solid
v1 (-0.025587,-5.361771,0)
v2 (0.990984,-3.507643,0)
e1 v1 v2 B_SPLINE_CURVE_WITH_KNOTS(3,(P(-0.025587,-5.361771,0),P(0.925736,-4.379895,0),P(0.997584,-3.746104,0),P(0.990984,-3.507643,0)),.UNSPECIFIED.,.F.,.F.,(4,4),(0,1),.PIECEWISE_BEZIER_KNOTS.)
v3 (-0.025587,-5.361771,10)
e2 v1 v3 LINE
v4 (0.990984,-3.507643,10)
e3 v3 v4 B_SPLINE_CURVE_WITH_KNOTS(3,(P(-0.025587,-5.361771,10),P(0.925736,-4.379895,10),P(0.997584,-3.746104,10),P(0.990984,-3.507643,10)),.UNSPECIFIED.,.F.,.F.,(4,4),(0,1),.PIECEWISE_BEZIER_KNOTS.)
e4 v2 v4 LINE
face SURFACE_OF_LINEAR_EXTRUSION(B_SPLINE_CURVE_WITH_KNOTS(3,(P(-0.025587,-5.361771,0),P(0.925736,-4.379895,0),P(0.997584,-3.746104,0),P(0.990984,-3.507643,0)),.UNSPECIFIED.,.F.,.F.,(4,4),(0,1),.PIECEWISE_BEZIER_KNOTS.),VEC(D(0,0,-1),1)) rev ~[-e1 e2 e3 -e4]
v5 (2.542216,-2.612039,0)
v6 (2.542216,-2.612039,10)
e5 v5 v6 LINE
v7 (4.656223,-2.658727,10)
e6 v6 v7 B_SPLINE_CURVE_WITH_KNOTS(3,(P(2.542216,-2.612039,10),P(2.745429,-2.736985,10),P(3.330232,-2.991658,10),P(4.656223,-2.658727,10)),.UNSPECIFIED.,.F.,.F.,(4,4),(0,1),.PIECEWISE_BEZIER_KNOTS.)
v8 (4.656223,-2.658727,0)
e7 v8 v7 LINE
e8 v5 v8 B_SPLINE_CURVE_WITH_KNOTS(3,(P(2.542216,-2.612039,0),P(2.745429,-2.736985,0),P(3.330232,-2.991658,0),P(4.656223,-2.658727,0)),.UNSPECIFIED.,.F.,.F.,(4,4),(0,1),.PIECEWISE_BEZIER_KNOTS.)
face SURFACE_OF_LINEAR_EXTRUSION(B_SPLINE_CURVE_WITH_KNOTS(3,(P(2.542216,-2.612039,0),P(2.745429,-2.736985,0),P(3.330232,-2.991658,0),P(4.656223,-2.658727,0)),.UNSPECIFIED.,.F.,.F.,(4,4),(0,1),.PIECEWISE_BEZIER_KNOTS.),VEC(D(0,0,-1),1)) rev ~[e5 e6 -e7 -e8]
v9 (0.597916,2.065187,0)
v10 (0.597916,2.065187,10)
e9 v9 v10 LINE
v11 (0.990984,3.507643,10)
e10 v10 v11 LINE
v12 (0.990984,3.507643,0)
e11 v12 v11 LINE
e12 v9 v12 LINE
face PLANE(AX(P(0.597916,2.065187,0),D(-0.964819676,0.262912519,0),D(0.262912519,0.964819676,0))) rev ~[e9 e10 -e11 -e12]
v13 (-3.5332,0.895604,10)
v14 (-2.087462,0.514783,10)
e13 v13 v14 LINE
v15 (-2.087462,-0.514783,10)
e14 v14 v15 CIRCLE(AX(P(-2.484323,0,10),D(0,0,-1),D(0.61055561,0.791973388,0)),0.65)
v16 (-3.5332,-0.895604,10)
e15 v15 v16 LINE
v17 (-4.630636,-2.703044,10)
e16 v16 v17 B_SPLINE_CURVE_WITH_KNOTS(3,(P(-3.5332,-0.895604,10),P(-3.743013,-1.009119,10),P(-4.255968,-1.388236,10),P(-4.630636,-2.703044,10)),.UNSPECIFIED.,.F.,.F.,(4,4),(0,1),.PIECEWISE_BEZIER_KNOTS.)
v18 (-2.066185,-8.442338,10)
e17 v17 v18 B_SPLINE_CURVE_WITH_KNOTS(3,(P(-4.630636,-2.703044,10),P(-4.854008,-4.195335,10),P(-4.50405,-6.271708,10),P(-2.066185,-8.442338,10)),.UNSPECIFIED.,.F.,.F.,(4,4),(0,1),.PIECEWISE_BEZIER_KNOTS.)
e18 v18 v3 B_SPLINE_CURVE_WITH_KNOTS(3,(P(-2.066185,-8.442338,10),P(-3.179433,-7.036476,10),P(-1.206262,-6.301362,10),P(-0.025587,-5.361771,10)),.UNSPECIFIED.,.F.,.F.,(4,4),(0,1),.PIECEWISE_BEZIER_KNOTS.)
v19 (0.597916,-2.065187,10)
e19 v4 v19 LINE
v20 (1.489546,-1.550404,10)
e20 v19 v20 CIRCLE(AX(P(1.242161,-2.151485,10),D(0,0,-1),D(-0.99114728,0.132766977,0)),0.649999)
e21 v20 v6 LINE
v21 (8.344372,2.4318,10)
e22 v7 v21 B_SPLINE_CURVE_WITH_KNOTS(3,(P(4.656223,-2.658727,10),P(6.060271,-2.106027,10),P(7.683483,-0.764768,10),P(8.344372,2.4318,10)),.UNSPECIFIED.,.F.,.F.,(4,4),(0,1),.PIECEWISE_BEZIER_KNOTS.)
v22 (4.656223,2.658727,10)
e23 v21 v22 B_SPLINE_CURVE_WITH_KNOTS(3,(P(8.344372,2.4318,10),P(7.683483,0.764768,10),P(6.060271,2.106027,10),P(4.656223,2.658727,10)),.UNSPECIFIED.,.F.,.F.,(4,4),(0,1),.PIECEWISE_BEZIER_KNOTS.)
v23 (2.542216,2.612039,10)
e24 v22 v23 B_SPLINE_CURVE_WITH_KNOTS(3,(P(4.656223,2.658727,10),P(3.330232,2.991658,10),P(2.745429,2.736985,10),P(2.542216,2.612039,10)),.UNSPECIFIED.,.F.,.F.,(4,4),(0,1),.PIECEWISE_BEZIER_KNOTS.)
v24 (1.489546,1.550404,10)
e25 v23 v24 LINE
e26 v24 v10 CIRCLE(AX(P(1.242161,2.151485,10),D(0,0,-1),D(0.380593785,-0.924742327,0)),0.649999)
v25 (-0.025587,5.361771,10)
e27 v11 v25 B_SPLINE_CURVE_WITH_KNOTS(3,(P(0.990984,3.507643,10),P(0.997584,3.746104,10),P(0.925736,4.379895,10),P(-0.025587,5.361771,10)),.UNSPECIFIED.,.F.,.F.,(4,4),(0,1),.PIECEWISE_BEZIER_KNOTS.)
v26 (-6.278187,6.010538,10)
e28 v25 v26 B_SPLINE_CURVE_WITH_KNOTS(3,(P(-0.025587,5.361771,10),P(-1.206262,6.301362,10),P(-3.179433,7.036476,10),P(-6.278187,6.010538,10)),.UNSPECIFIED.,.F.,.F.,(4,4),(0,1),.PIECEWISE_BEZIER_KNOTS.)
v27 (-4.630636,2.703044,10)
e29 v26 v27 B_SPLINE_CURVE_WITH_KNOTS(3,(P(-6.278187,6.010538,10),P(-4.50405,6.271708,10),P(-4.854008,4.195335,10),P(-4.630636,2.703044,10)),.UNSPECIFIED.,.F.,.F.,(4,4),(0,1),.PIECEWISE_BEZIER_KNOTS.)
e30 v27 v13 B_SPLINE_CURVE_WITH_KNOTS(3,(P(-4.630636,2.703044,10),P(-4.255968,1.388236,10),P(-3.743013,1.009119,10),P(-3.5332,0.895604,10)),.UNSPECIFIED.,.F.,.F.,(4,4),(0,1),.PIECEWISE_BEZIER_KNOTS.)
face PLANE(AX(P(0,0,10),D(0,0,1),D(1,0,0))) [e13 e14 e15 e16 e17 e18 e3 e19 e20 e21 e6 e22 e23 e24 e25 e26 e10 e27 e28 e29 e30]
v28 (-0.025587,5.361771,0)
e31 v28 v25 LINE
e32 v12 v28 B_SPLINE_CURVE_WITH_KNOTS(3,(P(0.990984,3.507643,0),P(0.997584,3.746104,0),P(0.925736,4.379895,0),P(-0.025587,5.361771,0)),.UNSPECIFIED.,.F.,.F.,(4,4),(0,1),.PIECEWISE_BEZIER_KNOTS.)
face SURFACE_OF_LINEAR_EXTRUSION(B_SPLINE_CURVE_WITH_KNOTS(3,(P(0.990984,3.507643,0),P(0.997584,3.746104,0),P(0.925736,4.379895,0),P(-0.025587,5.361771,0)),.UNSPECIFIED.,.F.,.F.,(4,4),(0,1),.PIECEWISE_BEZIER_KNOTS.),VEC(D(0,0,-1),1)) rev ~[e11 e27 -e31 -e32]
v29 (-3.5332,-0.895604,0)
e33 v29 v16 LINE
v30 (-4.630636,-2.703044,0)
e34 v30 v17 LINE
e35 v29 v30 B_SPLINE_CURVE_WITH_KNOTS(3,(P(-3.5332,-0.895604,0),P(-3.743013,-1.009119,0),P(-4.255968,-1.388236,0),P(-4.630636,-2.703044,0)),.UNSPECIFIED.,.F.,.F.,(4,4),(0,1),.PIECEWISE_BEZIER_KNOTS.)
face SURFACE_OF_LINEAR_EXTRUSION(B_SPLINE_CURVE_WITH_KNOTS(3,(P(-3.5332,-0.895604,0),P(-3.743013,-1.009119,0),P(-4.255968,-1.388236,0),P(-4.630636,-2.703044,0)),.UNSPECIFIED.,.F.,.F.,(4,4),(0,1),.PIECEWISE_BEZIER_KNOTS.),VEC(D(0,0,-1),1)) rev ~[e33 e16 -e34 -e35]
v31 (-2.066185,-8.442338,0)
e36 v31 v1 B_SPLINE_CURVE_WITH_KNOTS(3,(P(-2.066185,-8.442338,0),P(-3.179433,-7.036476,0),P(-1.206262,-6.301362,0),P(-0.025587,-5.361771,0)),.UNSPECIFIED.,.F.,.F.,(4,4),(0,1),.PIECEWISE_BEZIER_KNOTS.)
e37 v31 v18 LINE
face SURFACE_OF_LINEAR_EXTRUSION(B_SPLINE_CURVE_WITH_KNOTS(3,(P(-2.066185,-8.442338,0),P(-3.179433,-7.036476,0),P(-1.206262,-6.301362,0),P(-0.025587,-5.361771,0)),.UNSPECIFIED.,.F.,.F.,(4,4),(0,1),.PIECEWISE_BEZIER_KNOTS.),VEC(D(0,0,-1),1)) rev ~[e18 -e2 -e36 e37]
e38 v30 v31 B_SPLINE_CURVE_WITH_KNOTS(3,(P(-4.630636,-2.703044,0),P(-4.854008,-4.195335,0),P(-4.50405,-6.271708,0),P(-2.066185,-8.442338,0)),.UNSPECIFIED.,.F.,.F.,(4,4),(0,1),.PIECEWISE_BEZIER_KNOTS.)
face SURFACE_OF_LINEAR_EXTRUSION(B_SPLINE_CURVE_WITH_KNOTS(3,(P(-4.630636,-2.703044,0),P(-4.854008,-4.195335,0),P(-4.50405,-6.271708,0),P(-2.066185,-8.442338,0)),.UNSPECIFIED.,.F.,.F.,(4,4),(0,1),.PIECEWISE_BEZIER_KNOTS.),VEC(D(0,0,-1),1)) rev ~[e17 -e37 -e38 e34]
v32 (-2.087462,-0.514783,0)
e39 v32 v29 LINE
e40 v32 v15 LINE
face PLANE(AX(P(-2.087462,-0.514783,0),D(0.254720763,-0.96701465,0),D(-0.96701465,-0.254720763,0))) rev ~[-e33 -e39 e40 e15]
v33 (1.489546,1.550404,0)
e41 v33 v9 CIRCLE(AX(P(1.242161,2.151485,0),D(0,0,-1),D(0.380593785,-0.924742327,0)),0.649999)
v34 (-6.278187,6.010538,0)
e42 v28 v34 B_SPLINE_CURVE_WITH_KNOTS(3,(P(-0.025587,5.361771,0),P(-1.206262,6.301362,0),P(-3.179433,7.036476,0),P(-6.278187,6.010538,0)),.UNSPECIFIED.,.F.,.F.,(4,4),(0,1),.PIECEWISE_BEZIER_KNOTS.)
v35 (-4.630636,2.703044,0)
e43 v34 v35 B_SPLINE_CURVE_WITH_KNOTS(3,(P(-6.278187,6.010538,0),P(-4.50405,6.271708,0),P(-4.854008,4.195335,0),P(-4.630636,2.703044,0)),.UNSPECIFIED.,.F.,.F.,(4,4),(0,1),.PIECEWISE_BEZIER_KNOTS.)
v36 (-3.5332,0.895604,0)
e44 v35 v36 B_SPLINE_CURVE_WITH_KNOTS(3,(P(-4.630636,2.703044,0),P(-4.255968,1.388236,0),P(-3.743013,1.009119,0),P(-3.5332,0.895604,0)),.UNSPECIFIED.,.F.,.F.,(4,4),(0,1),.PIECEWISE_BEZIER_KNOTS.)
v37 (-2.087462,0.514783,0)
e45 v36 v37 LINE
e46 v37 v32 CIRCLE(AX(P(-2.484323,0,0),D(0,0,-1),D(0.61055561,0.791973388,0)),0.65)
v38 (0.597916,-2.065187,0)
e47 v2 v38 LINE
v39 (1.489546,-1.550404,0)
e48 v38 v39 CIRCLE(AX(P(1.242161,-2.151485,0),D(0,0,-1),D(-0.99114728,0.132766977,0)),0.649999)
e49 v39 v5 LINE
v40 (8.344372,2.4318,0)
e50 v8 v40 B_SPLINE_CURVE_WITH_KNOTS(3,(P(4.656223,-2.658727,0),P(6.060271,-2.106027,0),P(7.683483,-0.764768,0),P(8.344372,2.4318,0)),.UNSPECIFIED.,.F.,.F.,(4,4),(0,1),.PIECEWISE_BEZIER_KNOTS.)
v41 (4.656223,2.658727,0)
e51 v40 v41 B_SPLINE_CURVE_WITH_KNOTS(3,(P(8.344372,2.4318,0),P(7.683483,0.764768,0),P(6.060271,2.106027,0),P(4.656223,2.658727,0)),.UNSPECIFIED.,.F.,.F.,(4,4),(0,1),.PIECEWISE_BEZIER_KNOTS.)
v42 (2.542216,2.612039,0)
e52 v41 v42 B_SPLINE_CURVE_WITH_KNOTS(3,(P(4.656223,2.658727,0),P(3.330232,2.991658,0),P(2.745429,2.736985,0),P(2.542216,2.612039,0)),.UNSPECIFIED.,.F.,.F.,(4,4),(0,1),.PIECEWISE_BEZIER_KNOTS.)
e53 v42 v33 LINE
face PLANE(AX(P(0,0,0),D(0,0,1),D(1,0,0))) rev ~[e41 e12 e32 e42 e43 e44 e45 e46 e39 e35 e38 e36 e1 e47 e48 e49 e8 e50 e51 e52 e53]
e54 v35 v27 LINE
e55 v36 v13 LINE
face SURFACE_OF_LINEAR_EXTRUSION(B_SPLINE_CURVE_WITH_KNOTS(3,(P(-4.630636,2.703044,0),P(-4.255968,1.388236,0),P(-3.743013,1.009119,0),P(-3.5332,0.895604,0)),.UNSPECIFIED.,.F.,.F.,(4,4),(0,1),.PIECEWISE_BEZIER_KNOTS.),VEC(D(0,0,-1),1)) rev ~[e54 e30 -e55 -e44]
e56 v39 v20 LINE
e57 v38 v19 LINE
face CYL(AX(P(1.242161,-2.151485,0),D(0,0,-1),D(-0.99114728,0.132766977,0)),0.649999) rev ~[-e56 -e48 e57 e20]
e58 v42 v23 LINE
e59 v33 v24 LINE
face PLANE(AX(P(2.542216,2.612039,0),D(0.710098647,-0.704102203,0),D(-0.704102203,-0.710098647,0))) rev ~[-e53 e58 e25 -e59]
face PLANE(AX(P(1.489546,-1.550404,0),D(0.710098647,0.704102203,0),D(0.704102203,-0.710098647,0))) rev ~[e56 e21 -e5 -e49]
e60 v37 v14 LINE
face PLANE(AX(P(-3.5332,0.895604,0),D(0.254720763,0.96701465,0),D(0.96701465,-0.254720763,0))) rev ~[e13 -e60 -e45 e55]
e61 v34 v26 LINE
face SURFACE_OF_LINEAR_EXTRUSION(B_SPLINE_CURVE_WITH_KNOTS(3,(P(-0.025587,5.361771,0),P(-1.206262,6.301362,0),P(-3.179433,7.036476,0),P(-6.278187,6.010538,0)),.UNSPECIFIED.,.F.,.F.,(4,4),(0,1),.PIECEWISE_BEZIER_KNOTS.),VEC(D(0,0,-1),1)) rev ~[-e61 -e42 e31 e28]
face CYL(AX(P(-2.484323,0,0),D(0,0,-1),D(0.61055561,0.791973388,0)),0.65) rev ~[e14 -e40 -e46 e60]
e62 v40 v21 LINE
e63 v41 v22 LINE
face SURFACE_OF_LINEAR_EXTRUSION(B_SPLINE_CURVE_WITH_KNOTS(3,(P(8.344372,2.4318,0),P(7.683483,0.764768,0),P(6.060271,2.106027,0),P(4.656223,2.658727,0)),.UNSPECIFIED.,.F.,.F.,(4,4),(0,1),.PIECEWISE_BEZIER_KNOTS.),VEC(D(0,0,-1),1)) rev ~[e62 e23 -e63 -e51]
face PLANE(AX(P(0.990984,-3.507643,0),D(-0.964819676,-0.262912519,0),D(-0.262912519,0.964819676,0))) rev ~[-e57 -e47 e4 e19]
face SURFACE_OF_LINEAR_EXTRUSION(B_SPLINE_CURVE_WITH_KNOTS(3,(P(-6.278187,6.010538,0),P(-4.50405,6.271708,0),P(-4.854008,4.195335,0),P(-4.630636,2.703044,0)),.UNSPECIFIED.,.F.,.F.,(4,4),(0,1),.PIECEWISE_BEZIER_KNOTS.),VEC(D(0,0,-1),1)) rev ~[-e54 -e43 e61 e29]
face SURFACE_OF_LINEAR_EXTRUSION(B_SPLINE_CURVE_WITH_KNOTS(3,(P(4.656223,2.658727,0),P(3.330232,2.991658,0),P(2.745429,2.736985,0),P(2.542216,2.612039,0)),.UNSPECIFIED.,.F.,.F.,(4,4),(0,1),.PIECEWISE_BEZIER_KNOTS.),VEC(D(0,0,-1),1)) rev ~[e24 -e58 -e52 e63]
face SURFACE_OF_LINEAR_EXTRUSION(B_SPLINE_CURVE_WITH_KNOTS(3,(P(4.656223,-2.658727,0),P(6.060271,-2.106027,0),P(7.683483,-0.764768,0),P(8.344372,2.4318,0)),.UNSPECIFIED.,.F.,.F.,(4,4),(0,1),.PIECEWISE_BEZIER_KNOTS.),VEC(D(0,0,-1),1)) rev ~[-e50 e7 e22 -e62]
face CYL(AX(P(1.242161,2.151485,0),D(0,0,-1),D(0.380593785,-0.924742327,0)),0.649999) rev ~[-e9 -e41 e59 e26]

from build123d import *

# Parameters (mm, degrees)
PAD_DEPTH = 10


with BuildPart() as part:
    # InvoluteGear → Pad (new body)
    with BuildSketch(Plane.XY):
        with BuildLine():
            Line((1.489546, -1.550404), (2.542216, -2.612039))
            add(Edge.make_bspline(
                [(2.542216, -2.612039), (2.745429, -2.736985), (3.330232, -2.991658), (4.656223, -2.658727)],
                knots=[0, 0, 0, 0, 1, 1, 1, 1], degree=3))
            add(Edge.make_bspline(
                [(4.656223, -2.658727), (6.060271, -2.106027), (7.683483, -0.764768), (8.344372, 2.4318)],
                knots=[0, 0, 0, 0, 1, 1, 1, 1], degree=3))
            add(Edge.make_bspline(
                [(8.344372, 2.4318), (7.683483, 0.764768), (6.060271, 2.106027), (4.656223, 2.658727)],
                knots=[0, 0, 0, 0, 1, 1, 1, 1], degree=3))
            add(Edge.make_bspline(
                [(4.656223, 2.658727), (3.330232, 2.991658), (2.745429, 2.736985), (2.542216, 2.612039)],
                knots=[0, 0, 0, 0, 1, 1, 1, 1], degree=3))
            Line((2.542216, 2.612039), (1.489546, 1.550404))
            ThreePointArc((1.489546, 1.550404), (0.917161, 1.58857), (0.597916, 2.065187))
            Line((0.597916, 2.065187), (0.990984, 3.507643))
            add(Edge.make_bspline(
                [(0.990984, 3.507643), (0.997584, 3.746104), (0.925736, 4.379895), (-0.025587, 5.361771)],
                knots=[0, 0, 0, 0, 1, 1, 1, 1], degree=3))
            add(Edge.make_bspline(
                [(-0.025587, 5.361771), (-1.206262, 6.301362), (-3.179433, 7.036476), (-6.278187, 6.010538)],
                knots=[0, 0, 0, 0, 1, 1, 1, 1], degree=3))
            add(Edge.make_bspline(
                [(-6.278187, 6.010538), (-4.50405, 6.271708), (-4.854008, 4.195335), (-4.630636, 2.703044)],
                knots=[0, 0, 0, 0, 1, 1, 1, 1], degree=3))
            add(Edge.make_bspline(
                [(-4.630636, 2.703044), (-4.255968, 1.388236), (-3.743013, 1.009119), (-3.5332, 0.895604)],
                knots=[0, 0, 0, 0, 1, 1, 1, 1], degree=3))
            Line((-3.5332, 0.895604), (-2.087462, 0.514783))
            ThreePointArc((-2.087462, 0.514783), (-1.834323, 0), (-2.087462, -0.514783))
            Line((-2.087462, -0.514783), (-3.5332, -0.895604))
            add(Edge.make_bspline(
                [(-3.5332, -0.895604), (-3.743013, -1.009119), (-4.255968, -1.388236), (-4.630636, -2.703044)],
                knots=[0, 0, 0, 0, 1, 1, 1, 1], degree=3))
            add(Edge.make_bspline(
                [(-4.630636, -2.703044), (-4.854008, -4.195335), (-4.50405, -6.271708), (-2.066185, -8.442338)],
                knots=[0, 0, 0, 0, 1, 1, 1, 1], degree=3))
            add(Edge.make_bspline(
                [(-2.066185, -8.442338), (-3.179433, -7.036476), (-1.206262, -6.301362), (-0.025587, -5.361771)],
                knots=[0, 0, 0, 0, 1, 1, 1, 1], degree=3))
            add(Edge.make_bspline(
                [(-0.025587, -5.361771), (0.925736, -4.379895), (0.997584, -3.746104), (0.990984, -3.507643)],
                knots=[0, 0, 0, 0, 1, 1, 1, 1], degree=3))
            Line((0.990984, -3.507643), (0.597916, -2.065187))
            ThreePointArc((0.597916, -2.065187), (0.917161, -1.58857), (1.489546, -1.550404))
        make_face()
    extrude(amount=PAD_DEPTH)


solid = part.part
